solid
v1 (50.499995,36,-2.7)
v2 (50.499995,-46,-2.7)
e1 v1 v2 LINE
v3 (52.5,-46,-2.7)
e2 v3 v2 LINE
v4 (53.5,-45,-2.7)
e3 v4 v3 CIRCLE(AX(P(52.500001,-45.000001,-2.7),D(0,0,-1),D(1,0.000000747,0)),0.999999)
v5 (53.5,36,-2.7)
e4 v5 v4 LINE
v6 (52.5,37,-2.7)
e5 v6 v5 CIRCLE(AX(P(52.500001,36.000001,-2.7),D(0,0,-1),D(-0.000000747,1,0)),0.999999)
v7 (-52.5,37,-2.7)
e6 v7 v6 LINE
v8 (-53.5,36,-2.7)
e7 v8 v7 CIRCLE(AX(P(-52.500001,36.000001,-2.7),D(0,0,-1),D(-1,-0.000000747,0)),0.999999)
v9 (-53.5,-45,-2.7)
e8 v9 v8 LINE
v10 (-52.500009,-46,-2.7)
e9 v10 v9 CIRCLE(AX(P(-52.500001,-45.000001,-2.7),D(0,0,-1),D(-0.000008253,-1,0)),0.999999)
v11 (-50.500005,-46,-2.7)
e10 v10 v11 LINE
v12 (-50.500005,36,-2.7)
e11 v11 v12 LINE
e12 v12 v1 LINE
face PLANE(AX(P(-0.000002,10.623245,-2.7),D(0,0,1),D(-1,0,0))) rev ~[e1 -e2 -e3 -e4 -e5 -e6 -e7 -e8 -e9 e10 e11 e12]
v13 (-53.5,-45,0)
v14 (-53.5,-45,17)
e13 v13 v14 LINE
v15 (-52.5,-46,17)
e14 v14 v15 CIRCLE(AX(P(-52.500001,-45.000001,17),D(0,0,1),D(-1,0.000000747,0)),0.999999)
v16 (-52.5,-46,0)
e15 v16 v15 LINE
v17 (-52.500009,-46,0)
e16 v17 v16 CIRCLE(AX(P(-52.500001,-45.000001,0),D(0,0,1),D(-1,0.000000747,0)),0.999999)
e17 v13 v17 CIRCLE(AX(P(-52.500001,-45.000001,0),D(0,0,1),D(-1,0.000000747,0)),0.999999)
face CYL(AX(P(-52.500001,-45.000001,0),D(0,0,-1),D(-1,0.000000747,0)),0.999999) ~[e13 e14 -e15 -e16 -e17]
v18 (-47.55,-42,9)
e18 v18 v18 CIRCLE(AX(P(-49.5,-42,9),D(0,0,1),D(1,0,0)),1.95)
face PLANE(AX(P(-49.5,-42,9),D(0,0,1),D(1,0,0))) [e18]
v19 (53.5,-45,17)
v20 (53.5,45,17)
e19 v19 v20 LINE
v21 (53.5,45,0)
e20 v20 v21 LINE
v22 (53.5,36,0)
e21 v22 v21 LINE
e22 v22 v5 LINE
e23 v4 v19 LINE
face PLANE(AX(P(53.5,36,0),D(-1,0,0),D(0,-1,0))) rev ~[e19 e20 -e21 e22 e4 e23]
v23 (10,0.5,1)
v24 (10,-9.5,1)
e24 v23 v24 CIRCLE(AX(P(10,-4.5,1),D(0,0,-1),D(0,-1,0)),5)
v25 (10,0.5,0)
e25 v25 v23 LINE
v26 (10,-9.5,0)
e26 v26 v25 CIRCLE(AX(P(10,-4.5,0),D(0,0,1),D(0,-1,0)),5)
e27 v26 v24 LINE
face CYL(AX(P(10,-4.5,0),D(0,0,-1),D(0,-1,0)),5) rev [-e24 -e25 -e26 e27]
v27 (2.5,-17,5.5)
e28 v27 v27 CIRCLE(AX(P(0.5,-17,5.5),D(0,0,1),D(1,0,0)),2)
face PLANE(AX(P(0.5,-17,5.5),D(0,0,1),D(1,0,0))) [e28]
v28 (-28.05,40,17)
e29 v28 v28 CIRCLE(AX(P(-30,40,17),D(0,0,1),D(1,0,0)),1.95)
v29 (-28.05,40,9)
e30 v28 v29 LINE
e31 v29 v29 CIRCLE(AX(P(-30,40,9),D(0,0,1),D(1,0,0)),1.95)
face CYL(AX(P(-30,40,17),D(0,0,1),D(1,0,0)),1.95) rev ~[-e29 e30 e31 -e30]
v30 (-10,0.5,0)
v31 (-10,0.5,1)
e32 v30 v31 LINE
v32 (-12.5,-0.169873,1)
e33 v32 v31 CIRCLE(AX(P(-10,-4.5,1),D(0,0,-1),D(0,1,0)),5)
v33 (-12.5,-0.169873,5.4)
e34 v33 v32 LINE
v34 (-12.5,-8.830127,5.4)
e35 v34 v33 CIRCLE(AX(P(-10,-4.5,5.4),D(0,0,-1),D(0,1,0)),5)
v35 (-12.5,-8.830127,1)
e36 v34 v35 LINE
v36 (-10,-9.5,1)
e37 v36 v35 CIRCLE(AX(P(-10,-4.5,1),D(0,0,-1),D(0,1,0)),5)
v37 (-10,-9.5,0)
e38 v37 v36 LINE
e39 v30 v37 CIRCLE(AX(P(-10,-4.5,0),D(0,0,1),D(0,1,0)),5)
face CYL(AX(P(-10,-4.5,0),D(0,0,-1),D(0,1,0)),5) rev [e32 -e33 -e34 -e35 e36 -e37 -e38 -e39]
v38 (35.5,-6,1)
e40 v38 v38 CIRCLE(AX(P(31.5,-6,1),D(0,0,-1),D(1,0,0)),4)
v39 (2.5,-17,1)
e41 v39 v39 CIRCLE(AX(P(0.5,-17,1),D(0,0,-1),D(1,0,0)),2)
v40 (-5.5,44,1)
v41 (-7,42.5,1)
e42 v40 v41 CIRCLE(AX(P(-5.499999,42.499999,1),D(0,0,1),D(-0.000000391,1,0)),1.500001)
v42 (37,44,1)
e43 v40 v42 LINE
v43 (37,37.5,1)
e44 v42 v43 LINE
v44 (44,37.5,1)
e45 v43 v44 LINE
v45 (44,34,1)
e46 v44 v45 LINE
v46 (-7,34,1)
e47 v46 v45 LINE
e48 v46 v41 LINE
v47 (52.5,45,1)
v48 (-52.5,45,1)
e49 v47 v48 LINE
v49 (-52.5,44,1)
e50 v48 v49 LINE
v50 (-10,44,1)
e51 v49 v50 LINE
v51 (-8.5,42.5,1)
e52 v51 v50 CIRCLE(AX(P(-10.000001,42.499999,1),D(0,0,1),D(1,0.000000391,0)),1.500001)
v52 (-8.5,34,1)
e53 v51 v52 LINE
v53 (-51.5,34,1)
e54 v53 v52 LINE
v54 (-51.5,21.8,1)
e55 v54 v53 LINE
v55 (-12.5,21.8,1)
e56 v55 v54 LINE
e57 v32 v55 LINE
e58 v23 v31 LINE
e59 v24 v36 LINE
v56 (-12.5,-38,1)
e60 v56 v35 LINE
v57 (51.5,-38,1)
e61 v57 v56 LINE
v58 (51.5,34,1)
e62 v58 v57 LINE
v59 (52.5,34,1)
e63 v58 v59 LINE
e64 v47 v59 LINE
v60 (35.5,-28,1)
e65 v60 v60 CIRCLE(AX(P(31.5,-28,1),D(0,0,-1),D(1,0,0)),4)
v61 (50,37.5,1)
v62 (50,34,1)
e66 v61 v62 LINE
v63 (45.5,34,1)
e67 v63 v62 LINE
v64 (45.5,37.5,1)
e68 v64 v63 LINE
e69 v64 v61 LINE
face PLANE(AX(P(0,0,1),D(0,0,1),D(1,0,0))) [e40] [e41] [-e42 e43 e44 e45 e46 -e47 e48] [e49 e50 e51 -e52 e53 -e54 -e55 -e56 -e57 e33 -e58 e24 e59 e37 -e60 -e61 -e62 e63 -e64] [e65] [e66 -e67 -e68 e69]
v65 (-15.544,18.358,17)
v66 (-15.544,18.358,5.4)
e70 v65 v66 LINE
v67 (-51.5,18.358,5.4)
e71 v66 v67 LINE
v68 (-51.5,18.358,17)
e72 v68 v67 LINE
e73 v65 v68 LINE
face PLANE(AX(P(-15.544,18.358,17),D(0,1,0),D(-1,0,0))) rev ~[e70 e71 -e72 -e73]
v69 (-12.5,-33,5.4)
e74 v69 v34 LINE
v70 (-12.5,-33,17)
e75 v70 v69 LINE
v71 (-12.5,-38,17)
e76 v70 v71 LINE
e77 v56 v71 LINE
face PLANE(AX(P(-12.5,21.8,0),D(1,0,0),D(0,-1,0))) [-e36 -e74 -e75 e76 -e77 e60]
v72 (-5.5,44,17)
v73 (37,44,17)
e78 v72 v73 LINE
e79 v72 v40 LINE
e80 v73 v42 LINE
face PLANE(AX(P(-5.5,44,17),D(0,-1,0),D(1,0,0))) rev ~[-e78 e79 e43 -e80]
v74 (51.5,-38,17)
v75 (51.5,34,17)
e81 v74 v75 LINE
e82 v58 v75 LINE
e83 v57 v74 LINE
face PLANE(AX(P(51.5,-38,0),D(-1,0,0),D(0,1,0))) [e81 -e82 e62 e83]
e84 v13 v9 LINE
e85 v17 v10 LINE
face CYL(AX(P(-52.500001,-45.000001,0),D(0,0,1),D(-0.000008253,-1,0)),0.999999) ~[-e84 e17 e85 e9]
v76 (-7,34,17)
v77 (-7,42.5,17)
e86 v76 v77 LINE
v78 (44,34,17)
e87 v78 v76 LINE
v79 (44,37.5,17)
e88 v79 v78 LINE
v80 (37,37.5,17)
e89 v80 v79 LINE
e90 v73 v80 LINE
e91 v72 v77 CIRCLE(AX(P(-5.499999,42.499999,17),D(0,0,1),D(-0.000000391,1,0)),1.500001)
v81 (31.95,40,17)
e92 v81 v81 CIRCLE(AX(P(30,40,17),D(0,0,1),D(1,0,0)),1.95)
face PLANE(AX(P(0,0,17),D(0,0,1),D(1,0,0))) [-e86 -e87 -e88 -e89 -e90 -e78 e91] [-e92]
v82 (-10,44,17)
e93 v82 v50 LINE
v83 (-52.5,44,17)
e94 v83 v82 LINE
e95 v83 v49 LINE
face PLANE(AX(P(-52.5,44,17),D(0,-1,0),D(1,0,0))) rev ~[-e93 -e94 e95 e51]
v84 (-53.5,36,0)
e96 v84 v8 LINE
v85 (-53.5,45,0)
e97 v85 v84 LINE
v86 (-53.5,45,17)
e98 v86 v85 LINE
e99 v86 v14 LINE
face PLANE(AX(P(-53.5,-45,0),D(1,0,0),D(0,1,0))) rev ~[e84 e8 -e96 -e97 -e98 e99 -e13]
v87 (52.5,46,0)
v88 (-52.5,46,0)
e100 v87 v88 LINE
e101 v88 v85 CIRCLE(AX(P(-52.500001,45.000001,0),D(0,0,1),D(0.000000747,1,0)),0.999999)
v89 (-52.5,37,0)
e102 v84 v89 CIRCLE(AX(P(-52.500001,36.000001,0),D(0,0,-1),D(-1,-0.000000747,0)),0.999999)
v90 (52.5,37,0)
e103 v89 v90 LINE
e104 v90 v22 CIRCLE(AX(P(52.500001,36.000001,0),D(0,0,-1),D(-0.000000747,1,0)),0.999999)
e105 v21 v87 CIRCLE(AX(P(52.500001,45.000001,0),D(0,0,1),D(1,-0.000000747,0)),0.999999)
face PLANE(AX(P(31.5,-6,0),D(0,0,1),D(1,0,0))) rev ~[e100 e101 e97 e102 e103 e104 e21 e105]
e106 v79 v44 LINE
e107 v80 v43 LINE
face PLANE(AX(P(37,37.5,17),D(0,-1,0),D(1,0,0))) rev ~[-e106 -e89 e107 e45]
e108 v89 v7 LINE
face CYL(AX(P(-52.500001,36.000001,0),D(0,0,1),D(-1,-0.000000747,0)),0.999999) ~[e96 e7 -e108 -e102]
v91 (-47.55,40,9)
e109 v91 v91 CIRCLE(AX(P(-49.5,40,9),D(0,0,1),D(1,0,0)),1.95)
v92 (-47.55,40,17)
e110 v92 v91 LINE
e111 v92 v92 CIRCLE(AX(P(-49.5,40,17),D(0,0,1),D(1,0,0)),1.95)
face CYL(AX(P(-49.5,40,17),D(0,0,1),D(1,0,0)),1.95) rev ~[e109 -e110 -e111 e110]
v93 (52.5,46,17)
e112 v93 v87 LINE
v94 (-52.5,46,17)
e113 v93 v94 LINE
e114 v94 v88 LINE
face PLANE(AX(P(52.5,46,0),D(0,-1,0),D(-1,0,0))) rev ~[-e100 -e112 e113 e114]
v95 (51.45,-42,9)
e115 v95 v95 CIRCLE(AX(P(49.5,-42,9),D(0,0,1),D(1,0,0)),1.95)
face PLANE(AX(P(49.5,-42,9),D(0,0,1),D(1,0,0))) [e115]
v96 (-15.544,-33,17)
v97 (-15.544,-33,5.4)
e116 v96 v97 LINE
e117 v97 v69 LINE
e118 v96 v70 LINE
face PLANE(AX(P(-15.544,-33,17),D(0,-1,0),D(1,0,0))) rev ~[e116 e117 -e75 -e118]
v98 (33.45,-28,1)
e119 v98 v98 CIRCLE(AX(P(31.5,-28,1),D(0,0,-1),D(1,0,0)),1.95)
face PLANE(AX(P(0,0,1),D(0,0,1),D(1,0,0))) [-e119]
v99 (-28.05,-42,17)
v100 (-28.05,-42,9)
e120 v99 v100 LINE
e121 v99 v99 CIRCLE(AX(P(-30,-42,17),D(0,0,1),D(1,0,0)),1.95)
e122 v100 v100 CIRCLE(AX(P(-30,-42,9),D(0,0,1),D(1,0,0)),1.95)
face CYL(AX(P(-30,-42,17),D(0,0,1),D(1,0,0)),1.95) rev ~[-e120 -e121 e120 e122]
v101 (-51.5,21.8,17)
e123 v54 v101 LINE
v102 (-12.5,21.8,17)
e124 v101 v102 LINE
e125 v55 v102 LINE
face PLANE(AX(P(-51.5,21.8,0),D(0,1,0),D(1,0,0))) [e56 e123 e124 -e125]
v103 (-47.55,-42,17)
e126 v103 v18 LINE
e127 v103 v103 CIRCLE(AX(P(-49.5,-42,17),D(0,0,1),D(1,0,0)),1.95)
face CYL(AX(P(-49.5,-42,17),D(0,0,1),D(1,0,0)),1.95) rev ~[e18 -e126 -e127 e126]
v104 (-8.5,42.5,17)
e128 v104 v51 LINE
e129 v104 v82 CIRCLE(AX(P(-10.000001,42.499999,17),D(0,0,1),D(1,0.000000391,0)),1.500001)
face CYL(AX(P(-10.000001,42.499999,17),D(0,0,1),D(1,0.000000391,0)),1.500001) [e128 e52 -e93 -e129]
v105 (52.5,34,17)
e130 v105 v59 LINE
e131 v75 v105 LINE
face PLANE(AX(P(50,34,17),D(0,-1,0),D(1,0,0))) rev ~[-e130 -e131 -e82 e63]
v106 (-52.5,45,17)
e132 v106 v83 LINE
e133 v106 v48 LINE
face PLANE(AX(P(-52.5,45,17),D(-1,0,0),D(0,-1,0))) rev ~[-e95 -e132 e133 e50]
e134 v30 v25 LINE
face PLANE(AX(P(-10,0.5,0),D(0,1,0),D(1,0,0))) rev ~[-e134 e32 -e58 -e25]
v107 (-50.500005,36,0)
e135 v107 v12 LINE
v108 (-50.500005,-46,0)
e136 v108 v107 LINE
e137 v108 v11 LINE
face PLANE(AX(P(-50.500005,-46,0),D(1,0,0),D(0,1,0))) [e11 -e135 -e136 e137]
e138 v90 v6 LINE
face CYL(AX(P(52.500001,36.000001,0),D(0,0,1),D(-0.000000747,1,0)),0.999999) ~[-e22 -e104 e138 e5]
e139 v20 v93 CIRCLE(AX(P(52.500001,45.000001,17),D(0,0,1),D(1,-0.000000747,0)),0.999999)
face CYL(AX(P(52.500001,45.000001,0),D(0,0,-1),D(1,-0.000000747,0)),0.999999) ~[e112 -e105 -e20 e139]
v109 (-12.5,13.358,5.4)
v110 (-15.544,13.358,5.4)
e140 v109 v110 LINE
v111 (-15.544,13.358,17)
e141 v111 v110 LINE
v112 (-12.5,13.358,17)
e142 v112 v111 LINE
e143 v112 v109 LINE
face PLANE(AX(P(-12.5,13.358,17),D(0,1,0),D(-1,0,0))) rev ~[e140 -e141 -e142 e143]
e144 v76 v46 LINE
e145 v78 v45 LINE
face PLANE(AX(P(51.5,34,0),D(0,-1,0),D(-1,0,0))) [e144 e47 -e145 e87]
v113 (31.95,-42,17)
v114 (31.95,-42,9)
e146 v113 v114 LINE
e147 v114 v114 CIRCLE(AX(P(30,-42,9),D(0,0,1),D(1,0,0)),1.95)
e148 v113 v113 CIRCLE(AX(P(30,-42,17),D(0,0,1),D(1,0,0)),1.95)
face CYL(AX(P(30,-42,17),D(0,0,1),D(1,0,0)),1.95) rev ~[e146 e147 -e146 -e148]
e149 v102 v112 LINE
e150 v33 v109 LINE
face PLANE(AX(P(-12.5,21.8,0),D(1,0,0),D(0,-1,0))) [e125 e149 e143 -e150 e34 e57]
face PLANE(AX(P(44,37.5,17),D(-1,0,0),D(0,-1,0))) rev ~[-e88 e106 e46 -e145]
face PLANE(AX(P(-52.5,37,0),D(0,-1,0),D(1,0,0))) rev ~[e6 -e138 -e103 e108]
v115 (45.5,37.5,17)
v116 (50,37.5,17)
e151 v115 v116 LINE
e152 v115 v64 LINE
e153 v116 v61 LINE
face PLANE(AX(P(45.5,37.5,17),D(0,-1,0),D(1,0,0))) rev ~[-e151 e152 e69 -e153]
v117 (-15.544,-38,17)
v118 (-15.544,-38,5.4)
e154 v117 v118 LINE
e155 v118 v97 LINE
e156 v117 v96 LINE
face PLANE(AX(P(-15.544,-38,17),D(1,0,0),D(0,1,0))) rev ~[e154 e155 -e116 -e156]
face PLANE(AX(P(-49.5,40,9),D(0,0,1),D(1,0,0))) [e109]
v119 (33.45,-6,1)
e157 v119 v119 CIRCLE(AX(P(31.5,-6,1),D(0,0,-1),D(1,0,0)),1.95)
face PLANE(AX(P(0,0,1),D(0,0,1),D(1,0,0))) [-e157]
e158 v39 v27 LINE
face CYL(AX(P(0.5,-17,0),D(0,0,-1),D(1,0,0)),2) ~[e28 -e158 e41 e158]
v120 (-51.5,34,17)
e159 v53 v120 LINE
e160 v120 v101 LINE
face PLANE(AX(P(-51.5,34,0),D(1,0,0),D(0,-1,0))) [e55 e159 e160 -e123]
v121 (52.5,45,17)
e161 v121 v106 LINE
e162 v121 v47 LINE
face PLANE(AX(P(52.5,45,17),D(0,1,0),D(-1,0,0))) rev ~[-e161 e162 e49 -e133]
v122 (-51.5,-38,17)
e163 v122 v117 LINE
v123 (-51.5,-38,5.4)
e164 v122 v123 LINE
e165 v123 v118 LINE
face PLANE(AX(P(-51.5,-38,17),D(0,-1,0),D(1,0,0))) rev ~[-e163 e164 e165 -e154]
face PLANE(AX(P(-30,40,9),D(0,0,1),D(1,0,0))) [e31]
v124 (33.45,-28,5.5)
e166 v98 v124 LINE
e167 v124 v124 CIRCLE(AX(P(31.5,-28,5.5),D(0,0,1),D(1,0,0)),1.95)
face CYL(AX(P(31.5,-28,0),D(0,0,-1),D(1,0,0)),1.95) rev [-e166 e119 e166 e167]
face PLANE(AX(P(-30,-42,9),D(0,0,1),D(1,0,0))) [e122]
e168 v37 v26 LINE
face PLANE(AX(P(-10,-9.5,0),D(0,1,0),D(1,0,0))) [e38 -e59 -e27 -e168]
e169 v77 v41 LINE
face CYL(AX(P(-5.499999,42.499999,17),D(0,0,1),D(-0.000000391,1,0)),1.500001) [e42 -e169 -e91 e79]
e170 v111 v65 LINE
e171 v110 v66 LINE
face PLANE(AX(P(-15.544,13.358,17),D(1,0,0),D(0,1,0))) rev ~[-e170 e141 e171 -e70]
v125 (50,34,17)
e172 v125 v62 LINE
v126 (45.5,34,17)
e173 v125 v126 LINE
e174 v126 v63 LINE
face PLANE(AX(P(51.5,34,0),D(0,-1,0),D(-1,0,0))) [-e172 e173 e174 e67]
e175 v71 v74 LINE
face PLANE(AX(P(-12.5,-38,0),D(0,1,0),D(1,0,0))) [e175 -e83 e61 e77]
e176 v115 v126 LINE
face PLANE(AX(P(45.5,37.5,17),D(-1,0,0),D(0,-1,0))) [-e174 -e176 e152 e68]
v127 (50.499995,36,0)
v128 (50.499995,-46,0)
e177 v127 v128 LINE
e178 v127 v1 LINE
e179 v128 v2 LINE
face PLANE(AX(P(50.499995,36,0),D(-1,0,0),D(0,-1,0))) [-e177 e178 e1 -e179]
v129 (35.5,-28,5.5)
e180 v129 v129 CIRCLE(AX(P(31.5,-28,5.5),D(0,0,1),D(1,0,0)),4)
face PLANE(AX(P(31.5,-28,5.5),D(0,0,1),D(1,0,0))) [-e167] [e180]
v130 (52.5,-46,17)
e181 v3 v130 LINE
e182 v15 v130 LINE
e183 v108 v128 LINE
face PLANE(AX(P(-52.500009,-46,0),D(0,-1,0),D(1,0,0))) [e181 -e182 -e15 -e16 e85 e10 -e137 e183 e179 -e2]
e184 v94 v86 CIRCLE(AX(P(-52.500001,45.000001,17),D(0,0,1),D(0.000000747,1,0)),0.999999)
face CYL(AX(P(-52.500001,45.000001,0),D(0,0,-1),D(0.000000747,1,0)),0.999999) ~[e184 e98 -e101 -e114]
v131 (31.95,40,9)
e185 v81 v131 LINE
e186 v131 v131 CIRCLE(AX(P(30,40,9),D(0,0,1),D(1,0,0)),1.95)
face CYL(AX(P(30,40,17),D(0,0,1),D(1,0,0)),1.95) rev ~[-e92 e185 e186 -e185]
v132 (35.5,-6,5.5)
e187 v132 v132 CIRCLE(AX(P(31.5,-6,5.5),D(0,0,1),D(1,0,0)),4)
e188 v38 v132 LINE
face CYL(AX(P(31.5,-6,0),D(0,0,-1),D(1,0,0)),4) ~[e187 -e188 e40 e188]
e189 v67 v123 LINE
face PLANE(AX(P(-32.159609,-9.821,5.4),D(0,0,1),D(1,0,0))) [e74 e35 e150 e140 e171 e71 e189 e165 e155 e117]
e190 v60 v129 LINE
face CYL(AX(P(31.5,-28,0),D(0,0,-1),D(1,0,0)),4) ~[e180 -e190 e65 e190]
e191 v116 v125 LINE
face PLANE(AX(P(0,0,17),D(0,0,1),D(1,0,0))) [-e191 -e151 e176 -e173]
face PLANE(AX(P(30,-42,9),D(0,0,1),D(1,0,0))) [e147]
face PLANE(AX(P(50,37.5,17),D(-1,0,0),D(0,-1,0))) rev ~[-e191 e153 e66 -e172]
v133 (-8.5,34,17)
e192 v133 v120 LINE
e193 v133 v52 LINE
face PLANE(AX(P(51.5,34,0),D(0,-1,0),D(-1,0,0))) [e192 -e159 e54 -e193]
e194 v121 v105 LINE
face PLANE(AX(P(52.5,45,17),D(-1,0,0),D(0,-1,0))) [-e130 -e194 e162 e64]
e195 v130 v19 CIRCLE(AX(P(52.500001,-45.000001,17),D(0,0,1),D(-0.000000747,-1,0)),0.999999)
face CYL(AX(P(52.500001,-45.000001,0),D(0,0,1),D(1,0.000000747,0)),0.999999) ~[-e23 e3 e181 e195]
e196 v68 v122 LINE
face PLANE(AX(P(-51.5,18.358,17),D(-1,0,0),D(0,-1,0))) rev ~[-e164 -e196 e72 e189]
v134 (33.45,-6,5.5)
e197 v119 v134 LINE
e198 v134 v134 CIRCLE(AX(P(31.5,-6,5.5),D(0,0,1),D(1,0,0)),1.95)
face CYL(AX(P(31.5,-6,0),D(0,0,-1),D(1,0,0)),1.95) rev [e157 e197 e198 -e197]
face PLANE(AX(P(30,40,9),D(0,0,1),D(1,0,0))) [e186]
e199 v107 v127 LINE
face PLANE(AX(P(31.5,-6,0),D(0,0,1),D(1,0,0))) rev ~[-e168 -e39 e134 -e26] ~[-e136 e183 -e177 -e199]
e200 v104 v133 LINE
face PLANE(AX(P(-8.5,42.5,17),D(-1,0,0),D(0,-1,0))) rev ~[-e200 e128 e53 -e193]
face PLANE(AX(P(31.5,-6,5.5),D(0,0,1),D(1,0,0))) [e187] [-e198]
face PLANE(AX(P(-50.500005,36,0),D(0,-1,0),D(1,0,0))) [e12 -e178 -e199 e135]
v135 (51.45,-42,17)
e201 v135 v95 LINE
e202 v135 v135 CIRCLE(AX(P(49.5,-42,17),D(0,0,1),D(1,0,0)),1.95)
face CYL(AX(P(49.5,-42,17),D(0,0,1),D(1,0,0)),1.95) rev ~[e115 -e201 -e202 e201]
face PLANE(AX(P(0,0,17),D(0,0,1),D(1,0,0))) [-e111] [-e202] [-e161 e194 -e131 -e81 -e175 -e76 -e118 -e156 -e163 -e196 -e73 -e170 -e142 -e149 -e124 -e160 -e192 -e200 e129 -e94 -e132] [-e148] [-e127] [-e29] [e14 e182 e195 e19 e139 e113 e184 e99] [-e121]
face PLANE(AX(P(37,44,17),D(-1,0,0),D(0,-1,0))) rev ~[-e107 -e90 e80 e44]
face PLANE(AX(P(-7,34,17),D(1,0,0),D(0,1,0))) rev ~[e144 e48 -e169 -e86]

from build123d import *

# Parameters (mm, degrees)
PAD011_DEPTH    = 1
PAD012_DEPTH    = 17
POCKET008_DEPTH = 16
POCKET009_DEPTH = 11.6
SKETCH023_R     = 4
SKETCH023_R_2   = 1.95
SKETCH023_R_3   = 2
PAD013_DEPTH    = 5.5
SKETCH024_R     = 1.95
POCKET010_DEPTH = 8
PAD017_DEPTH    = 2.7
POCKET013_DEPTH = 17


with BuildPart() as part:
    # Sketch019 → Pad011 (new body)
    with BuildSketch(Plane.XY):
        with BuildLine():
            Line((-53.5, 45), (-53.5, -45))
            ThreePointArc((-53.5, -45), (-53.207107, -45.707107), (-52.5, -46))
            Line((-52.5, -46), (52.5, -46))
            ThreePointArc((52.5, -46), (53.207107, -45.707107), (53.5, -45))
            Line((53.5, -45), (53.5, 45))
            ThreePointArc((53.5, 45), (53.207107, 45.707107), (52.5, 46))
            Line((52.5, 46), (-52.5, 46))
            ThreePointArc((-52.5, 46), (-53.207107, 45.707107), (-53.5, 45))
        make_face()
    extrude(amount=PAD011_DEPTH)

    # Sketch020 → Pad012 (join)
    with BuildSketch(Plane.XY):
        with BuildLine():
            Line((-53.5, 45), (-53.5, -45))
            ThreePointArc((-53.5, -45), (-53.207107, -45.707107), (-52.5, -46))
            Line((-52.5, -46), (52.5, -46))
            ThreePointArc((52.5, -46), (53.207107, -45.707107), (53.5, -45))
            Line((53.5, -45), (53.5, 45))
            ThreePointArc((53.5, 45), (53.207107, 45.707107), (52.5, 46))
            Line((52.5, 46), (-52.5, 46))
            ThreePointArc((-52.5, 46), (-53.207107, 45.707107), (-53.5, 45))
        make_face()
        Polygon((-51.5, 34), (-51.5, 21.8), (-12.5, 21.8), (-12.5, -38), (51.5, -38), (51.5, 34), align=None, mode=Mode.SUBTRACT)
    extrude(amount=PAD012_DEPTH)

    # Sketch021 (on Face14 of Pad012) → Pocket008 (cut)
    with BuildSketch(Plane.XY.offset(17)):
        with BuildLine():
            Line((-52.5, 45), (-52.5, 44))
            Line((-52.5, 44), (-10, 44))
            ThreePointArc((-8.5, 42.5), (-8.93934, 43.56066), (-10, 44))
            Line((-8.5, 42.5), (-8.5, 34))
            Line((-8.5, 34), (-7, 34))
            Line((-7, 34), (-7, 42.5))
            ThreePointArc((-5.5, 44), (-6.56066, 43.56066), (-7, 42.5))
            Line((-5.5, 44), (37, 44))
            Line((37, 44), (37, 37.5))
            Line((37, 37.5), (44, 37.5))
            Line((44, 37.5), (44, 34))
            Line((45.5, 34), (44, 34))
            Line((45.5, 37.5), (45.5, 34))
            Line((45.5, 37.5), (50, 37.5))
            Line((50, 37.5), (50, 34))
            Line((50, 34), (52.5, 34))
            Line((52.5, 45), (52.5, 34))
            Line((52.5, 45), (-52.5, 45))
        make_face()
    extrude(amount=-POCKET008_DEPTH, mode=Mode.SUBTRACT)

    # Sketch022 (on Face14 of Pocket008) → Pocket009 (cut)
    with BuildSketch(Plane.XY.offset(17)):
        Polygon((-15.544, 18.358), (-51.5, 18.358), (-51.5, -38), (-15.544, -38), (-15.544, -33), (-12.5, -33), (-12.5, 13.358), (-15.544, 13.358), align=None)
    extrude(amount=-POCKET009_DEPTH, mode=Mode.SUBTRACT)

    # Sketch023 → Pad013 (join)
    with BuildSketch(Plane.XY):
        with Locations((31.5, -6)):
            Circle(SKETCH023_R)
        with Locations((31.5, -6)):
            Circle(SKETCH023_R_2, mode=Mode.SUBTRACT)
        with Locations((31.5, -28)):
            Circle(SKETCH023_R)
        with Locations((31.5, -28)):
            Circle(SKETCH023_R_2, mode=Mode.SUBTRACT)
        with Locations((0.5, -17)):
            Circle(SKETCH023_R_3)
    extrude(amount=PAD013_DEPTH)

    # Sketch024 (on Face14 of Pad013) → Pocket010 (cut)
    with BuildSketch(Plane.XY.offset(17)):
        with Locations((-49.5, -42)):
            Circle(SKETCH024_R)
        with Locations((-30, -42)):
            Circle(SKETCH024_R)
        with Locations((30, -42)):
            Circle(SKETCH024_R)
        with Locations((-49.5, 40)):
            Circle(SKETCH024_R)
        with Locations((-30, 40)):
            Circle(SKETCH024_R)
        with Locations((30, 40)):
            Circle(SKETCH024_R)
        with Locations((49.5, -42)):
            Circle(SKETCH024_R)
    extrude(amount=-POCKET010_DEPTH, mode=Mode.SUBTRACT)

    # Sketch025 (on Face4 of Pocket010) → Pad017 (join)
    with BuildSketch(Plane(origin=(0, 0, 0), x_dir=(1, 0, 0), z_dir=(0, 0, -1))):
        with BuildLine():
            Line((-50.500005, -36), (50.499995, -36))
            Line((50.499995, -36), (50.499995, 46))
            Line((52.5, 46), (50.499995, 46))
            ThreePointArc((53.5, 45), (53.207107, 45.707107), (52.5, 46))
            Line((53.5, -36), (53.5, 45))
            ThreePointArc((52.5, -37), (53.207107, -36.707107), (53.5, -36))
            Line((-52.5, -37), (52.5, -37))
            ThreePointArc((-53.5, -36), (-53.207107, -36.707107), (-52.5, -37))
            Line((-53.5, 45), (-53.5, -36))
            ThreePointArc((-52.500009, 46), (-53.20711, 45.707104), (-53.5, 45))
            Line((-52.500009, 46), (-50.500005, 46))
            Line((-50.500005, 46), (-50.500005, -36))
        make_face()
    extrude(amount=PAD017_DEPTH)

    # Sketch026 → Pocket013 (cut)
    with BuildSketch(Plane.XY):
        with BuildLine():
            ThreePointArc((-10, 0.5), (-15, -4.5), (-10, -9.5))
            Line((-10, -9.5), (10, -9.5))
            ThreePointArc((10, -9.5), (15, -4.5), (10, 0.5))
            Line((-10, 0.5), (10, 0.5))
        make_face()
    extrude(amount=POCKET013_DEPTH, mode=Mode.SUBTRACT)


solid = part.part
